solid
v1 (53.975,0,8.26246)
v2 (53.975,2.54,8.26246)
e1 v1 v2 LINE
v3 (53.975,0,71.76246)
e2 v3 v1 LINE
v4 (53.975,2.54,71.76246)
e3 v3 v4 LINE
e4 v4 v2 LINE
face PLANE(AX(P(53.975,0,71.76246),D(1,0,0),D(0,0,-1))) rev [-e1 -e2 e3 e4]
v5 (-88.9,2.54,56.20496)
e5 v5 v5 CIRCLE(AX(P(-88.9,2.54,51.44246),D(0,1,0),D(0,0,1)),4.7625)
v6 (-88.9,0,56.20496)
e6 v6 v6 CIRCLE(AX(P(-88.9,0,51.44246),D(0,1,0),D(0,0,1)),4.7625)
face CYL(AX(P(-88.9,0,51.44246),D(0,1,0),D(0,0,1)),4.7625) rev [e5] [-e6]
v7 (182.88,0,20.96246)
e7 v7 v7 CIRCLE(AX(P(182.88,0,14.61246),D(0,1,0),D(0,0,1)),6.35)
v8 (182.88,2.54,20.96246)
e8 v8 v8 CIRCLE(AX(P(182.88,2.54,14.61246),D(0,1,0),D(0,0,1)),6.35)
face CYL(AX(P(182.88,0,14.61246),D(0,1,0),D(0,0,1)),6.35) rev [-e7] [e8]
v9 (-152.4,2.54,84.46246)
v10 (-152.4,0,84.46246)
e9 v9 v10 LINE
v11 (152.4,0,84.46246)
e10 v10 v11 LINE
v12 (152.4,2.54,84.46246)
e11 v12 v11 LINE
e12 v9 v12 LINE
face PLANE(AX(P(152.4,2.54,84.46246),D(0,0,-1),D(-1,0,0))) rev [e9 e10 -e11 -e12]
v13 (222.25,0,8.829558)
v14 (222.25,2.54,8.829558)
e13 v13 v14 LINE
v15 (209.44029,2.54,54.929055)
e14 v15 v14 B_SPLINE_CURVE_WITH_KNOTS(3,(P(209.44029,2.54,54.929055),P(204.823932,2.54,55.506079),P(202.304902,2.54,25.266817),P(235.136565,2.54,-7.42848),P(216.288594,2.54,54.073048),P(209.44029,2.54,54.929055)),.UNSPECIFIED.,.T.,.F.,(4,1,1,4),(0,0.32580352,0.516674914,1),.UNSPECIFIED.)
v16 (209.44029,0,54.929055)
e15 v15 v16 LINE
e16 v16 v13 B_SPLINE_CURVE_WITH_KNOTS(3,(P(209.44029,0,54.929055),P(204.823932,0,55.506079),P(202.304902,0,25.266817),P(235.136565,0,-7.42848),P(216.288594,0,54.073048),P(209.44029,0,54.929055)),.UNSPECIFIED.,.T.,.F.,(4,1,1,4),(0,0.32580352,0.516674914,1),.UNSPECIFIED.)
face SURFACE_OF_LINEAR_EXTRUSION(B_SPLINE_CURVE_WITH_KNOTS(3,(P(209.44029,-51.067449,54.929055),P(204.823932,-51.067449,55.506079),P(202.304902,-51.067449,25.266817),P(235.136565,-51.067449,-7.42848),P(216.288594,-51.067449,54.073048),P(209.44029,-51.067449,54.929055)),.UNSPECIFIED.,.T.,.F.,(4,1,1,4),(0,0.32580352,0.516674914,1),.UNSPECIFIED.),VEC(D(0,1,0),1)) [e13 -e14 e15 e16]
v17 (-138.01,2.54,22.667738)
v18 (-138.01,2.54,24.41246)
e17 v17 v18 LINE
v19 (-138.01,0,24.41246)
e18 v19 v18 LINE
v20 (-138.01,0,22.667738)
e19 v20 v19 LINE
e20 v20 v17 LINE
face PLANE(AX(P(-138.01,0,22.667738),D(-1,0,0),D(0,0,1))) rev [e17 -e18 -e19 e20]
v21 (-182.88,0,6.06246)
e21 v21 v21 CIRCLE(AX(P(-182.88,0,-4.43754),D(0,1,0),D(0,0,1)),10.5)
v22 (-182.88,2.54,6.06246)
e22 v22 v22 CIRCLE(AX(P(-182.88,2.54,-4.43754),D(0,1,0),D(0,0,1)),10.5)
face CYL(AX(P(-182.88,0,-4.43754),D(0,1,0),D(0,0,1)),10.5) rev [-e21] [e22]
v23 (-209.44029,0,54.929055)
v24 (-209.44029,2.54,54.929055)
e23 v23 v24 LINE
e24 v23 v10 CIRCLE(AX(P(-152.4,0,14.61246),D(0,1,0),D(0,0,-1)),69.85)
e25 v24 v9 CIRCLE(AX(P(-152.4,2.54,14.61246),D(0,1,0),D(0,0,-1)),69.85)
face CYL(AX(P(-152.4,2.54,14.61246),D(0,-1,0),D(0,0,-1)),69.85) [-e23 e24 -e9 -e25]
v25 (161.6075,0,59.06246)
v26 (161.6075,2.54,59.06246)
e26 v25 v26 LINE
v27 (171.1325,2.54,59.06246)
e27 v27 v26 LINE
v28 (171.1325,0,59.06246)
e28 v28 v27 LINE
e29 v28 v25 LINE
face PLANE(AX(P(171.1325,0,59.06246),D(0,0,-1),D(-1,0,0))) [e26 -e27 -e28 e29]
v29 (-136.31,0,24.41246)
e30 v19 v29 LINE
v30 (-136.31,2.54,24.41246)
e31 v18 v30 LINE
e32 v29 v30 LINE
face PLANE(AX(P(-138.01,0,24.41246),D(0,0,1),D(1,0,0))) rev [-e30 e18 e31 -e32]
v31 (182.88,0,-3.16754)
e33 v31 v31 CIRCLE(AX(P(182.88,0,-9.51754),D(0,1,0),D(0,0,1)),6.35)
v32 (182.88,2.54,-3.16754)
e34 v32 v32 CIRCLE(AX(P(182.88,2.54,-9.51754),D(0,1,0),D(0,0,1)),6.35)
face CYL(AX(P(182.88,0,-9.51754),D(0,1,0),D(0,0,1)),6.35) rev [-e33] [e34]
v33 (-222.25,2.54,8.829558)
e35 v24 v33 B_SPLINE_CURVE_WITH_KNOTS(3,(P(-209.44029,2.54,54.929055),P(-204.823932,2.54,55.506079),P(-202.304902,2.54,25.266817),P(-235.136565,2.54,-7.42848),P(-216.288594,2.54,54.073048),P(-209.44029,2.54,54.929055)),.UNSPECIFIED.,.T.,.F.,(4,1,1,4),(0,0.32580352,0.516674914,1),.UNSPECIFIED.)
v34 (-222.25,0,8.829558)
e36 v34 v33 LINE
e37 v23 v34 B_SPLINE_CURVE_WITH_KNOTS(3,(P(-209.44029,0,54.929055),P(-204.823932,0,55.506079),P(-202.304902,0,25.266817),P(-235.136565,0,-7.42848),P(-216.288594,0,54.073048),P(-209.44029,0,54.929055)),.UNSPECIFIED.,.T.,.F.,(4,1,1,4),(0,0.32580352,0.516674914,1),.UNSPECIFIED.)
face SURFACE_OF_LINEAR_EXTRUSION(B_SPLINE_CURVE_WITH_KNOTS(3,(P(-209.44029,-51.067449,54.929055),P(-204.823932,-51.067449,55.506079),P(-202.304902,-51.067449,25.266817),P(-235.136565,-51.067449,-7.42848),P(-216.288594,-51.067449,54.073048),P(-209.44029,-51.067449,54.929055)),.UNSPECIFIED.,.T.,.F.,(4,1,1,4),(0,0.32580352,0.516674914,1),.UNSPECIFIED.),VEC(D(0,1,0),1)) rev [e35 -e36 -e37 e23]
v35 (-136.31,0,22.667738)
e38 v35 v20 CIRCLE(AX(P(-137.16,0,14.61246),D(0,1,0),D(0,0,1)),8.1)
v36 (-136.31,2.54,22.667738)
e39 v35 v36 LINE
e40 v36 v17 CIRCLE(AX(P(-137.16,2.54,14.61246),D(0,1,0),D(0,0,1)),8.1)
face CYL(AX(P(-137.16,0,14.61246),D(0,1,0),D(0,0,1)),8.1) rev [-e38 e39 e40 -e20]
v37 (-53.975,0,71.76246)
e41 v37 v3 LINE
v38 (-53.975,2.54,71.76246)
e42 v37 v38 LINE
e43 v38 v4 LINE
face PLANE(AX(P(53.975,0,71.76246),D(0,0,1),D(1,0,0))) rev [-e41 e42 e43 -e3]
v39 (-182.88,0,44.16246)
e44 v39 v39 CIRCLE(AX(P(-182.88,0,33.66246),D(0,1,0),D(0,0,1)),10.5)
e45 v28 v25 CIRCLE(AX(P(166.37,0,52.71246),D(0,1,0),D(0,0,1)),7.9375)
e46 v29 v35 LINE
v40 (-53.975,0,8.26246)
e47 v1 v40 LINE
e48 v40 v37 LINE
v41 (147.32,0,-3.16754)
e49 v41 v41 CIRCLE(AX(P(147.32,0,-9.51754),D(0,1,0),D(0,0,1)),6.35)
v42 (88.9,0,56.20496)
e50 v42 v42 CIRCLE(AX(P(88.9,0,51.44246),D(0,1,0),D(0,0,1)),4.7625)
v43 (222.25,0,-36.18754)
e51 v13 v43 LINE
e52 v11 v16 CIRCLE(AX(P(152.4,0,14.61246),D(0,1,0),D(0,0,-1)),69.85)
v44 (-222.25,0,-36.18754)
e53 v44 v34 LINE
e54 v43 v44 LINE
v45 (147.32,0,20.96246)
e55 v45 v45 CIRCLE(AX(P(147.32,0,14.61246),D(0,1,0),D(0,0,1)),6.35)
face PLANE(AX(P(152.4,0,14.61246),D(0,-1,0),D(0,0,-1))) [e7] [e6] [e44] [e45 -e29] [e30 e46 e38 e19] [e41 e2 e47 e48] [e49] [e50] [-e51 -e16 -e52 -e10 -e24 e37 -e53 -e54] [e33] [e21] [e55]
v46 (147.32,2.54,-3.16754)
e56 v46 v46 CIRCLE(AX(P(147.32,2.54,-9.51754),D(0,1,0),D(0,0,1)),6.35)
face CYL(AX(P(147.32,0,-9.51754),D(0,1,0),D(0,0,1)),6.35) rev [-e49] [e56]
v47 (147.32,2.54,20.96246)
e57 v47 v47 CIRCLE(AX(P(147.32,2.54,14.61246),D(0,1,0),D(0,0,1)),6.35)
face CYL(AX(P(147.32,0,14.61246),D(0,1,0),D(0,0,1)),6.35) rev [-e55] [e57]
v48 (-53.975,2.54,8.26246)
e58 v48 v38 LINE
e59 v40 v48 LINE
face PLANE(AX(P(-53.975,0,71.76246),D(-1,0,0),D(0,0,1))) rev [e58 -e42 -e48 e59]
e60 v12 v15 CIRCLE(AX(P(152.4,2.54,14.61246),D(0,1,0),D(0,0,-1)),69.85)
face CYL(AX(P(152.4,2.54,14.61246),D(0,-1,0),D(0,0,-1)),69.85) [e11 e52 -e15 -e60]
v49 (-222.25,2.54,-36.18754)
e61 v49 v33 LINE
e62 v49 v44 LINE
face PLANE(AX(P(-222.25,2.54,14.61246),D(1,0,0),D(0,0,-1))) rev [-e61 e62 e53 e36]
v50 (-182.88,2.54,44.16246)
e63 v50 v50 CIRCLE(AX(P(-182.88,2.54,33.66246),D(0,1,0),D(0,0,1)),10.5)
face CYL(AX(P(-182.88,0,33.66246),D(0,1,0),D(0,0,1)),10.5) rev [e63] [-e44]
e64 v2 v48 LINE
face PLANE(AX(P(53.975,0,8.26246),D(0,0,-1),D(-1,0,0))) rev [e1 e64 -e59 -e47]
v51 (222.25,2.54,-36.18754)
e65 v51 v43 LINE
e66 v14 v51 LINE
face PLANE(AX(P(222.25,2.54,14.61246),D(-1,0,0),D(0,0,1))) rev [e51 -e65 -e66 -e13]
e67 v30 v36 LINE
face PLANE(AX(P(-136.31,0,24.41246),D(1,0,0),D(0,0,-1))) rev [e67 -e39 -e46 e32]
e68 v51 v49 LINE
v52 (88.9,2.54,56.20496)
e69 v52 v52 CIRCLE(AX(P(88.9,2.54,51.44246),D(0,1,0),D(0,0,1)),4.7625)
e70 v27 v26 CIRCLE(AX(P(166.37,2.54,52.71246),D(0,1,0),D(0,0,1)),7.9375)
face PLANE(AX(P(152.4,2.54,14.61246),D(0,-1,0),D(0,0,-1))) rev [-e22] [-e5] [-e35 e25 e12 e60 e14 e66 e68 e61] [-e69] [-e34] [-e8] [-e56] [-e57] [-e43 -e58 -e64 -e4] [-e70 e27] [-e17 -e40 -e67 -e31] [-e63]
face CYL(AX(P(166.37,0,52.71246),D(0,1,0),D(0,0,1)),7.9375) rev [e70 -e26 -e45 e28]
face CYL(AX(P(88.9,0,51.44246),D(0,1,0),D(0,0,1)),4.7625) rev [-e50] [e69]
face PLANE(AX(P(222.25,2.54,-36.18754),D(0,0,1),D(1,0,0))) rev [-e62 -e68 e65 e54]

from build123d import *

# Parameters (mm, degrees)
BOSS_EXTRUDE1_DEPTH = 2.54
SKETCH2_W           = 107.95
SKETCH2_H           = 63.5
CUT_EXTRUDE1_DEPTH  = 238.771783963
CUT_EXTRUDE4_REACH  = 239.772
SKETCH4_R           = 4.7625
SKETCH4_R_2         = 6.35
SKETCH4_R_3         = 10.5
CUT_EXTRUDE3_DEPTH  = 238.771784093


with BuildPart() as part:
    # Sketch1 → Boss-Extrude1 (new body)
    with BuildSketch(Plane(origin=(0, 0, 0), x_dir=(1, 0, 0), z_dir=(0, 1, 0))):
        with BuildLine():
            Line((222.25, -14.612459999), (222.25, 36.187540001))
            Line((222.25, 36.187540001), (-222.25, 36.187540001))
            Line((-222.25, 36.187540001), (-222.25, -14.612459999))
            ThreePointArc((-222.25, -14.612459999), (-201.791408666, -64.003868664), (-152.4, -84.462459999))
            Line((-152.4, -84.462459999), (152.4, -84.462459999))
            ThreePointArc((152.4, -84.462459999), (201.791408666, -64.003868664), (222.25, -14.612459999))
        make_face()
    extrude(amount=BOSS_EXTRUDE1_DEPTH)

    # Sketch2 → Cut-Extrude1 (cut, through all)
    with BuildSketch(Plane(origin=(0, 2.54, 0), x_dir=(1, 0, 0), z_dir=(0, 1, 0))):
        with Locations((0, -40.012459999)):
            Rectangle(SKETCH2_W, SKETCH2_H)
    extrude(amount=-CUT_EXTRUDE1_DEPTH, mode=Mode.SUBTRACT)

    # Sketch5 → Cut-Extrude4 (cut, up to next)
    with BuildSketch(Plane(origin=(0, 2.54, 0), x_dir=(1, 0, 0), z_dir=(0, 1, 0)), mode=Mode.PRIVATE) as cut_extrude4_sk1:
        with BuildLine():
            ThreePointArc((-222.25, -14.612459999), (-218.970589391, -35.763798683), (-209.440289817, -54.929055063))
            add(Edge.make_bspline(
                [(-209.440289817, -54.929055063), (-204.823931799, -55.506078622), (-202.304901657, -25.266816537), (-219.26819847, -8.373976847), (-222.25, -8.829558466)],
                knots=[0, 0, 0, 0, 0.32580352, 0.516674914, 0.516674914, 0.516674914, 0.516674914], degree=3))
            Line((-222.25, -8.829558466), (-222.25, -14.612459999))
        make_face()
    cut_extrude4_tool1 = extrude(cut_extrude4_sk1.sketch, amount=-CUT_EXTRUDE4_REACH, mode=Mode.PRIVATE) & part.part
    # Sketch5 → Cut-Extrude4 (cut, up to next)
    with BuildSketch(Plane(origin=(0, 2.54, 0), x_dir=(1, 0, 0), z_dir=(0, 1, 0)), mode=Mode.PRIVATE) as cut_extrude4_sk2:
        with BuildLine():
            add(Edge.make_bspline(
                [(209.440289817, -54.929055063), (204.823931799, -55.506078622), (202.304901657, -25.266816537), (235.136564978, 7.428480335), (216.288594077, -54.073048471), (209.440289817, -54.929055063)],
                knots=[0, 0, 0, 0, 0.32580352, 0.516674914, 1, 1, 1, 1], degree=3))
        make_face()
    cut_extrude4_tool2 = extrude(cut_extrude4_sk2.sketch, amount=-CUT_EXTRUDE4_REACH, mode=Mode.PRIVATE) & part.part
    add(cut_extrude4_tool1.solids().sort_by_distance((-213.6132, 2.54, 31.506825))[0], mode=Mode.SUBTRACT)
    add(cut_extrude4_tool2.solids().sort_by_distance((214.431319, 2.54, 31.263671))[0], mode=Mode.SUBTRACT)

    # Sketch4 → Cut-Extrude3 (cut, through all)
    with BuildSketch(Plane(origin=(0, 2.54, 0), x_dir=(1, 0, 0), z_dir=(0, 1, 0))):
        with Locations(Location((88.9, -51.442459999, 0), (0, 0, 270))):
            Circle(SKETCH4_R)
        with Locations(Location((147.32, -14.612459999, 0), (0, 0, 270))):
            Circle(SKETCH4_R_2)
        with Locations(Location((147.32, 9.517540001, 0), (0, 0, 270))):
            Circle(SKETCH4_R_2)
        with Locations(Location((182.88, 9.517540001, 0), (0, 0, 270))):
            Circle(SKETCH4_R_2)
        with Locations(Location((-88.9, -51.442459999, 0), (0, 0, 270))):
            Circle(SKETCH4_R)
        with Locations(Location((-182.88, -33.662459999, 0), (0, 0, 270))):
            Circle(SKETCH4_R_3)
        with Locations(Location((-182.88, 4.437540001, 0), (0, 0, 270))):
            Circle(SKETCH4_R_3)
        with Locations(Location((182.88, -14.612459999, 0), (0, 0, 270))):
            Circle(SKETCH4_R_2)
        with BuildLine():
            Line((-138.01, -22.667737772), (-138.01, -24.412459999))
            Line((-138.01, -24.412459999), (-136.31, -24.412459999))
            Line((-136.31, -24.412459999), (-136.31, -22.667737772))
            ThreePointArc((-136.31, -22.667737772), (-137.16, -6.512459999), (-138.01, -22.667737772))
        make_face()
        with BuildLine():
            Line((171.1325, -59.062459999), (161.6075, -59.062459999))
            ThreePointArc((161.6075, -59.062459999), (166.37, -44.774959999), (171.1325, -59.062459999))
        make_face()
    extrude(amount=-CUT_EXTRUDE3_DEPTH, mode=Mode.SUBTRACT)


solid = part.part
